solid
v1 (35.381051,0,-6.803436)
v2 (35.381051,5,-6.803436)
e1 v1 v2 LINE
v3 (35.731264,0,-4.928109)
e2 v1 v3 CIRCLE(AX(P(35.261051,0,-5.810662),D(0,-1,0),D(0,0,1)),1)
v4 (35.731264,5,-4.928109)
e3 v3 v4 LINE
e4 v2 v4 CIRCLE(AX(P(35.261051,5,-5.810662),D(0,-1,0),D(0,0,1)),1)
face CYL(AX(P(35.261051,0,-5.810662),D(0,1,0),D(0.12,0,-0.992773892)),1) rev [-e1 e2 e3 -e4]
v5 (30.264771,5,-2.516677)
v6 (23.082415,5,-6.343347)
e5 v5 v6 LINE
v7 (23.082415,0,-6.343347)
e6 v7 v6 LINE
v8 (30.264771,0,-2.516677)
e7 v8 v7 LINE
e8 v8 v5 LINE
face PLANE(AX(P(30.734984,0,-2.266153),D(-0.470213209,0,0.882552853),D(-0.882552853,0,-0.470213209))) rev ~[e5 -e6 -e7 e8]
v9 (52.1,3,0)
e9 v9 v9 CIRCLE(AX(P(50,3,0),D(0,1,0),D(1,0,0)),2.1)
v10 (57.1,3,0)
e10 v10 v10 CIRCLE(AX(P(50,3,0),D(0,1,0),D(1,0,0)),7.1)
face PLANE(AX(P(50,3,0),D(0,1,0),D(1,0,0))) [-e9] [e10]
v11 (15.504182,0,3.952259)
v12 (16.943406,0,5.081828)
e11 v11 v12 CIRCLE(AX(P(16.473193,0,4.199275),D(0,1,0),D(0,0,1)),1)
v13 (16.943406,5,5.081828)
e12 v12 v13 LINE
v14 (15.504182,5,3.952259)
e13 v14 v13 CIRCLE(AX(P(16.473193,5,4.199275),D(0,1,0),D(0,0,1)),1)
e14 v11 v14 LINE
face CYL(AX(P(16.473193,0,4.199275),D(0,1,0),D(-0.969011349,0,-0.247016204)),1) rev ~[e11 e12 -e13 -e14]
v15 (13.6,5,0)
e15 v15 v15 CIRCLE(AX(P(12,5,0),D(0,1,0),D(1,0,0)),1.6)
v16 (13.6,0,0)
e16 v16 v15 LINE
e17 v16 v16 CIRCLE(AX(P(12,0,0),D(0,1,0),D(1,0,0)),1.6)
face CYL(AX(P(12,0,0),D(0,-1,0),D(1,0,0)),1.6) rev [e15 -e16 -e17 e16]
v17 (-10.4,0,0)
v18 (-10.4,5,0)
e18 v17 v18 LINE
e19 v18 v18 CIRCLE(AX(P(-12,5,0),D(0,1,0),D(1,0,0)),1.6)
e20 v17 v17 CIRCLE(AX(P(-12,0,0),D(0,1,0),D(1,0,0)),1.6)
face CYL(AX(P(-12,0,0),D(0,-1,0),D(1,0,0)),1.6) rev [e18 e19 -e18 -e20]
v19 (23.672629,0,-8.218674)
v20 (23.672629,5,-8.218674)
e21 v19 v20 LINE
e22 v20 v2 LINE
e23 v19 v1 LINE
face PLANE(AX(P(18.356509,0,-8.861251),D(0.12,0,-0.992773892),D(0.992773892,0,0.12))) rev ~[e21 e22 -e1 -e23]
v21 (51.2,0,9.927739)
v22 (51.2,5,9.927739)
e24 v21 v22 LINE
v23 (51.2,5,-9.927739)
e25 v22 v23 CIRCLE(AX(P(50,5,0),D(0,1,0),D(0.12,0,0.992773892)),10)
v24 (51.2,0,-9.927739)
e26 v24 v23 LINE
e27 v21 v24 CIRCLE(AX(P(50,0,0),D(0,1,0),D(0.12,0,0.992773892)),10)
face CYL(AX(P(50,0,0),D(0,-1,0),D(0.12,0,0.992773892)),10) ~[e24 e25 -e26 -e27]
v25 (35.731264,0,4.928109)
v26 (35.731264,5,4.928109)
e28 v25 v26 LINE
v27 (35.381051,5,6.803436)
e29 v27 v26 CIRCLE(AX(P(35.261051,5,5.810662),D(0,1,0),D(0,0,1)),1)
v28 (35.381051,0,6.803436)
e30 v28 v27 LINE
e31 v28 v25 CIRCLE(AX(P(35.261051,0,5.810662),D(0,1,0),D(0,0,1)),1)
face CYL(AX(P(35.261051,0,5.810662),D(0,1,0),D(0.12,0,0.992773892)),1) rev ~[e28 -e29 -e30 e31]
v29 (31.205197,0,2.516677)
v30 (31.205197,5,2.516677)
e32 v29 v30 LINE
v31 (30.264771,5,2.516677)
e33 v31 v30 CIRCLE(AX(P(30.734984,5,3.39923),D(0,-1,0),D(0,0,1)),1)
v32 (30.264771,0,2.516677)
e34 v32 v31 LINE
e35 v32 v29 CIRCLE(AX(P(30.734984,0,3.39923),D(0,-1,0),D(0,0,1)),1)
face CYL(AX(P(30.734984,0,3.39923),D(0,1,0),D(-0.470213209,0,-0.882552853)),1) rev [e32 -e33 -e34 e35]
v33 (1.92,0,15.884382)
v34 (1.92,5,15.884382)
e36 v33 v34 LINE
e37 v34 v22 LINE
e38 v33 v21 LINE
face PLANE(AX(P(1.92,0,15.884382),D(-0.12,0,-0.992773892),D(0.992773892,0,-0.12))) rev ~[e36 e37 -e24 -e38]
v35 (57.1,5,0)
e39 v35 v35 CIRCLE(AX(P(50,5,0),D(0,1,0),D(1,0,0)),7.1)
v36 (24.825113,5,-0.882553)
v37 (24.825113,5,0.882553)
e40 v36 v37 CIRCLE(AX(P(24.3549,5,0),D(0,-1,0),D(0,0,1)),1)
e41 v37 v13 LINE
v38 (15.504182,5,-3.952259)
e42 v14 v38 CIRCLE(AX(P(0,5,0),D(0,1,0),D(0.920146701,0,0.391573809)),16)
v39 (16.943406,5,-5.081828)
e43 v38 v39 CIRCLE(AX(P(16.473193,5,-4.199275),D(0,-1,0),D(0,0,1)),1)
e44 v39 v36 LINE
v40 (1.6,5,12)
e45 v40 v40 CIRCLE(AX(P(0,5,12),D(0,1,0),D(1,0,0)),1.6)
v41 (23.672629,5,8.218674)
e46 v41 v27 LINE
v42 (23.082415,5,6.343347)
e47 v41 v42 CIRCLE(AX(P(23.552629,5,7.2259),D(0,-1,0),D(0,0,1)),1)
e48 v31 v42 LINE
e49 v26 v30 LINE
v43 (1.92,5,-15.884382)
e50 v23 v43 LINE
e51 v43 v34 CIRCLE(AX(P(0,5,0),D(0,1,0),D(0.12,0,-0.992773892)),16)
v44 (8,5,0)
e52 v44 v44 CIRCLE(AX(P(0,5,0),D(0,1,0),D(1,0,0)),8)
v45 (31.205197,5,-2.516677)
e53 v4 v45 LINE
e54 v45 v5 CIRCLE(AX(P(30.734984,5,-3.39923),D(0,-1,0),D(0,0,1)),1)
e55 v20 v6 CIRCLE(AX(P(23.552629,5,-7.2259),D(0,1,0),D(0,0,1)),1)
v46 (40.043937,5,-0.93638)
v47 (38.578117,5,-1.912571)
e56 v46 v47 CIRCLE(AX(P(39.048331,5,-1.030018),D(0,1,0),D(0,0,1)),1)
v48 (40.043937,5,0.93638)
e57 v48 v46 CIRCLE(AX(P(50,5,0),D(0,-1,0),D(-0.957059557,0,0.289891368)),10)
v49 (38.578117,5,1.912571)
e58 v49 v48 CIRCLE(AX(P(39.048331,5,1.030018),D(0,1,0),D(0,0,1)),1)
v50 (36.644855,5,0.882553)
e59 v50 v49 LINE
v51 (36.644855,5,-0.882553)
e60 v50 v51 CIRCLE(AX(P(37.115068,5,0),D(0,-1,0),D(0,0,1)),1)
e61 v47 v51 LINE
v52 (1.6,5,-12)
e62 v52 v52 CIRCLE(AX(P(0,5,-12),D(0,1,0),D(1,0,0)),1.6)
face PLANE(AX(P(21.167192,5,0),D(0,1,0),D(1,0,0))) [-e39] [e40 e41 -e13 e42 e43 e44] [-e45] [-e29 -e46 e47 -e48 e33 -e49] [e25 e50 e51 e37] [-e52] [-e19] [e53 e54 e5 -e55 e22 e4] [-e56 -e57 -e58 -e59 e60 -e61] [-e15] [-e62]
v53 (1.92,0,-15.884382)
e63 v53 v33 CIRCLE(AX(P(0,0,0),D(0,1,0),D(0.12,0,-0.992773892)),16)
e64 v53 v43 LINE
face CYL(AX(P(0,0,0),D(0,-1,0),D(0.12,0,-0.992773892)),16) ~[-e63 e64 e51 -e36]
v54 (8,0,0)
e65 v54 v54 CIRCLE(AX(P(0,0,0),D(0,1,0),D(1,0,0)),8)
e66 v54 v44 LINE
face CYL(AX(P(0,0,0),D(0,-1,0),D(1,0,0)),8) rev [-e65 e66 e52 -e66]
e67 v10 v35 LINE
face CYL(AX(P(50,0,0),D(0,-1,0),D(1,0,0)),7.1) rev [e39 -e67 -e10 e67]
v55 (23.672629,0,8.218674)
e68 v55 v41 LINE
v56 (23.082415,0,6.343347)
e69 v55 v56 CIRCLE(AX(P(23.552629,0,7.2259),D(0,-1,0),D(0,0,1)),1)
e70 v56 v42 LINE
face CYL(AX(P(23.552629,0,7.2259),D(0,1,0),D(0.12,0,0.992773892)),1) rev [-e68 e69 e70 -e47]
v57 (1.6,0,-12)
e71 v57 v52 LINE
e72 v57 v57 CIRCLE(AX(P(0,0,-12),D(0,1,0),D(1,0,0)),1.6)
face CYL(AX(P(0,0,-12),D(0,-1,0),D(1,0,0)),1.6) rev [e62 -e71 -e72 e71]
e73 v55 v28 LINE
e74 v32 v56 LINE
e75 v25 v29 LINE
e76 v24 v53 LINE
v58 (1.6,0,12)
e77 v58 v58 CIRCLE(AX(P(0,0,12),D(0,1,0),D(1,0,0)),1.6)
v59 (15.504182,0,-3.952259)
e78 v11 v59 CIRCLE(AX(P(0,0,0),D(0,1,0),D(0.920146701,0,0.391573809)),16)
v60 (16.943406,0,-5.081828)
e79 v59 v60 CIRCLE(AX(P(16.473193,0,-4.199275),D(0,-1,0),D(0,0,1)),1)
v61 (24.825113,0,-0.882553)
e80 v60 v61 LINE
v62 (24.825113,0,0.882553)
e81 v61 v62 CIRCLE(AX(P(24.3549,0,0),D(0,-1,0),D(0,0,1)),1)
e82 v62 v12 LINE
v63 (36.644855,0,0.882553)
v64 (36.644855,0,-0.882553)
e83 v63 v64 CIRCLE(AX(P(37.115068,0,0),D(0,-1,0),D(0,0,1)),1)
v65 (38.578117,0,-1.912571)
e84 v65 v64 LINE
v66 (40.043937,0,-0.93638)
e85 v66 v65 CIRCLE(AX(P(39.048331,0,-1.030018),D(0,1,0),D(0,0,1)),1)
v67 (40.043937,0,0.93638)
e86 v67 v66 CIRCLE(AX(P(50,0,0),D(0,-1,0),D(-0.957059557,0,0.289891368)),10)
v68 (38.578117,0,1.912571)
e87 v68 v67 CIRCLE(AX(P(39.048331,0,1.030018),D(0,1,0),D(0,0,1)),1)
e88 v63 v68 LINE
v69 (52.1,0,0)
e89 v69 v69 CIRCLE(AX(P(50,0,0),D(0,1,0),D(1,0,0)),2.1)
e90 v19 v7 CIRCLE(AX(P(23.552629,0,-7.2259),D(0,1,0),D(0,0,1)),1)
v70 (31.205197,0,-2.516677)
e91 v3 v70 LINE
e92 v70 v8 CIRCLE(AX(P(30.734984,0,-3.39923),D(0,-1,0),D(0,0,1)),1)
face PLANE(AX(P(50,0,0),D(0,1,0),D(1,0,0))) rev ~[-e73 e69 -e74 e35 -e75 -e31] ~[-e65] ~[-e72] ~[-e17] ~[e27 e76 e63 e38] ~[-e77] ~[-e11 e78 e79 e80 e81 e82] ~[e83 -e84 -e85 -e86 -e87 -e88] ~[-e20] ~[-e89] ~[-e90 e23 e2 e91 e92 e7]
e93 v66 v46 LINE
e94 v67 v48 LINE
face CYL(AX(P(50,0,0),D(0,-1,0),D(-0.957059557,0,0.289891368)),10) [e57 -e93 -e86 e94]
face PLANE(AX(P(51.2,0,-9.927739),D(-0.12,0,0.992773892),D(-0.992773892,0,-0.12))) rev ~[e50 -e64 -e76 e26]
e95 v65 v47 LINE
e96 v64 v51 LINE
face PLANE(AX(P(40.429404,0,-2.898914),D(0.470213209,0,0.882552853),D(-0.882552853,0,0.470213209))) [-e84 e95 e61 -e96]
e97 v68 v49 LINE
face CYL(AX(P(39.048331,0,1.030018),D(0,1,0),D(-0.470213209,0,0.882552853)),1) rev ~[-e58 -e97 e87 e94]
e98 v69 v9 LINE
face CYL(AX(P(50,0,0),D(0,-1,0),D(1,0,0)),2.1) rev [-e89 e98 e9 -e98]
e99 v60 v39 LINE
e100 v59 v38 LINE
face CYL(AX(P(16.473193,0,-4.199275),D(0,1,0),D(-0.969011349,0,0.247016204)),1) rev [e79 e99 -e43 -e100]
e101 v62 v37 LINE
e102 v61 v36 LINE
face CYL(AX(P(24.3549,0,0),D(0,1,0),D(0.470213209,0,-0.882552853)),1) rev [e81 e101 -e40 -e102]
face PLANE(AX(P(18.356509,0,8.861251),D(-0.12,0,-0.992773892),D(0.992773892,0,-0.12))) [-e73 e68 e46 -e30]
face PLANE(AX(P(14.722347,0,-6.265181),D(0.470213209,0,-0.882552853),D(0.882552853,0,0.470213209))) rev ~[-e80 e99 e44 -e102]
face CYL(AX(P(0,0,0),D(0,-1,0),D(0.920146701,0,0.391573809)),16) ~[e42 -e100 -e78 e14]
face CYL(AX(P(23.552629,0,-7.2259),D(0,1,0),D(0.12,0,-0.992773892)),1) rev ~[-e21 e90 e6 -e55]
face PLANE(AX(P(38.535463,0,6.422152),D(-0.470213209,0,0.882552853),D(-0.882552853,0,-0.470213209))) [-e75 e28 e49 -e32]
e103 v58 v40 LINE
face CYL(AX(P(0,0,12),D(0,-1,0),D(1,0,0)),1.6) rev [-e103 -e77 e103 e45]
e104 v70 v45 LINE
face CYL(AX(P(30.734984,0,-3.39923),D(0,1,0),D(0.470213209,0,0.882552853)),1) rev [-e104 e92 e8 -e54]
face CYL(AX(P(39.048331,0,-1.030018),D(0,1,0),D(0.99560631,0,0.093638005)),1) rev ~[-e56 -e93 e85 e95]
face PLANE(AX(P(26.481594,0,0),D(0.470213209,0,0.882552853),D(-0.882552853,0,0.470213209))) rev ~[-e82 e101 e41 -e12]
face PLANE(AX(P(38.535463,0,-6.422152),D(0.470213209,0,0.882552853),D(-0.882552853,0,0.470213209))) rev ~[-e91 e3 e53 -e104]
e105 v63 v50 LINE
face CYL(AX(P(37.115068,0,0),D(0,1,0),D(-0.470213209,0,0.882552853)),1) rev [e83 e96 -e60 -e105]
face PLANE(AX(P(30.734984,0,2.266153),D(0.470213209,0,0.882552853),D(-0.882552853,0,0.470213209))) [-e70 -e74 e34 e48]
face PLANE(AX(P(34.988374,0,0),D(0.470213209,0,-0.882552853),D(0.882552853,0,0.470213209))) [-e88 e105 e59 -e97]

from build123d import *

# Parameters (mm, degrees)
SKETCH_1_R      = 1.6
SKETCH_1_R_2    = 8
SKETCH_1_R_3    = 7.1
EXTRUDE_1_DEPTH = 5
SKETCH_1_3_R    = 7.1
SKETCH_1_3_R_2  = 2.1
EXTRUDE_2_DEPTH = 3
FILLET_1_R      = 1
FILLET_2_R      = 1
FILLET_3_R      = 1
FILLET_4_R      = 1


with BuildPart() as part:
    # 草图1 → 凸台-拉伸1 (new body)
    with BuildSketch(Plane(origin=(0, 0, 0), x_dir=(1, 0, 0), z_dir=(0, 1, 0))):
        with BuildLine():
            ThreePointArc((1.92, 15.884382267), (-16, 0), (1.92, -15.884382267))
            Line((1.92, -15.884382267), (51.2, -9.927738917))
            ThreePointArc((51.2, -9.927738917), (60, 0), (51.2, 9.927738917))
            Line((51.2, 9.927738917), (1.92, 15.884382267))
        make_face()
        with Locations((0, -12)):
            Circle(SKETCH_1_R, mode=Mode.SUBTRACT)
        with Locations((-12, 0)):
            Circle(SKETCH_1_R, mode=Mode.SUBTRACT)
        Circle(SKETCH_1_R_2, mode=Mode.SUBTRACT)
        with Locations((12, 0)):
            Circle(SKETCH_1_R, mode=Mode.SUBTRACT)
        Polygon((38.535462938, -6.422151611), (18.356508588, -8.861251331), (30.734984007, -2.266153232), align=None, mode=Mode.SUBTRACT)
        with BuildLine():
            Line((40.429404433, -2.898913674), (34.988373668, 0))
            Line((34.988373668, 0), (40.429404433, 2.898913674))
            ThreePointArc((40.429404433, 2.898913674), (40, 0), (40.429404433, -2.898913674))
        make_face(mode=Mode.SUBTRACT)
        with Locations((50, 0)):
            Circle(SKETCH_1_R_3, mode=Mode.SUBTRACT)
        with BuildLine():
            ThreePointArc((14.72234722, -6.265180949), (16, 0), (14.72234722, 6.265180949))
            Line((14.72234722, 6.265180949), (26.481594346, 0))
            Line((26.481594346, 0), (14.72234722, -6.265180949))
        make_face(mode=Mode.SUBTRACT)
        with Locations((0, 12)):
            Circle(SKETCH_1_R, mode=Mode.SUBTRACT)
        Polygon((30.734984007, 2.266153232), (18.356508588, 8.861251331), (38.535462938, 6.422151611), align=None, mode=Mode.SUBTRACT)
    extrude(amount=EXTRUDE_1_DEPTH)

    # 草图1<3> → 凸台-拉伸2 (add)
    with BuildSketch(Plane(origin=(0, 0, 0), x_dir=(1, 0, 0), z_dir=(0, 1, 0))):
        with Locations((50, 0)):
            Circle(SKETCH_1_3_R)
        with Locations((50, 0)):
            Circle(SKETCH_1_3_R_2, mode=Mode.SUBTRACT)
    extrude(amount=EXTRUDE_2_DEPTH)

    # 圆角1
    fillet_1_edges = [part.edges().sort_by_distance(p)[0] for p in [
        (34.988373668, 2.5, 0),
        (40.429404433, 2.5, -2.898913674),
        (40.429404433, 2.5, 2.898913674),
    ]]
    fillet(fillet_1_edges, radius=FILLET_1_R)

    # 圆角2
    fillet_2_edges = [part.edges().sort_by_distance(p)[0] for p in [
        (30.734984007, 2.5, 2.266153232),
        (18.356508588, 2.5, 8.861251331),
        (38.535462938, 2.5, 6.422151611),
    ]]
    fillet(fillet_2_edges, radius=FILLET_2_R)

    # 圆角3
    fillet_3_edges = [part.edges().sort_by_distance(p)[0] for p in [
        (18.356508588, 2.5, -8.861251331),
        (30.734984007, 2.5, -2.266153232),
        (38.535462938, 2.5, -6.422151611),
    ]]
    fillet(fillet_3_edges, radius=FILLET_3_R)

    # 圆角4
    fillet_4_edges = [part.edges().sort_by_distance(p)[0] for p in [
        (14.72234722, 2.5, -6.265180949),
        (26.481594346, 2.5, 0),
        (14.72234722, 2.5, 6.265180949),
    ]]
    fillet(fillet_4_edges, radius=FILLET_4_R)


solid = part.part
